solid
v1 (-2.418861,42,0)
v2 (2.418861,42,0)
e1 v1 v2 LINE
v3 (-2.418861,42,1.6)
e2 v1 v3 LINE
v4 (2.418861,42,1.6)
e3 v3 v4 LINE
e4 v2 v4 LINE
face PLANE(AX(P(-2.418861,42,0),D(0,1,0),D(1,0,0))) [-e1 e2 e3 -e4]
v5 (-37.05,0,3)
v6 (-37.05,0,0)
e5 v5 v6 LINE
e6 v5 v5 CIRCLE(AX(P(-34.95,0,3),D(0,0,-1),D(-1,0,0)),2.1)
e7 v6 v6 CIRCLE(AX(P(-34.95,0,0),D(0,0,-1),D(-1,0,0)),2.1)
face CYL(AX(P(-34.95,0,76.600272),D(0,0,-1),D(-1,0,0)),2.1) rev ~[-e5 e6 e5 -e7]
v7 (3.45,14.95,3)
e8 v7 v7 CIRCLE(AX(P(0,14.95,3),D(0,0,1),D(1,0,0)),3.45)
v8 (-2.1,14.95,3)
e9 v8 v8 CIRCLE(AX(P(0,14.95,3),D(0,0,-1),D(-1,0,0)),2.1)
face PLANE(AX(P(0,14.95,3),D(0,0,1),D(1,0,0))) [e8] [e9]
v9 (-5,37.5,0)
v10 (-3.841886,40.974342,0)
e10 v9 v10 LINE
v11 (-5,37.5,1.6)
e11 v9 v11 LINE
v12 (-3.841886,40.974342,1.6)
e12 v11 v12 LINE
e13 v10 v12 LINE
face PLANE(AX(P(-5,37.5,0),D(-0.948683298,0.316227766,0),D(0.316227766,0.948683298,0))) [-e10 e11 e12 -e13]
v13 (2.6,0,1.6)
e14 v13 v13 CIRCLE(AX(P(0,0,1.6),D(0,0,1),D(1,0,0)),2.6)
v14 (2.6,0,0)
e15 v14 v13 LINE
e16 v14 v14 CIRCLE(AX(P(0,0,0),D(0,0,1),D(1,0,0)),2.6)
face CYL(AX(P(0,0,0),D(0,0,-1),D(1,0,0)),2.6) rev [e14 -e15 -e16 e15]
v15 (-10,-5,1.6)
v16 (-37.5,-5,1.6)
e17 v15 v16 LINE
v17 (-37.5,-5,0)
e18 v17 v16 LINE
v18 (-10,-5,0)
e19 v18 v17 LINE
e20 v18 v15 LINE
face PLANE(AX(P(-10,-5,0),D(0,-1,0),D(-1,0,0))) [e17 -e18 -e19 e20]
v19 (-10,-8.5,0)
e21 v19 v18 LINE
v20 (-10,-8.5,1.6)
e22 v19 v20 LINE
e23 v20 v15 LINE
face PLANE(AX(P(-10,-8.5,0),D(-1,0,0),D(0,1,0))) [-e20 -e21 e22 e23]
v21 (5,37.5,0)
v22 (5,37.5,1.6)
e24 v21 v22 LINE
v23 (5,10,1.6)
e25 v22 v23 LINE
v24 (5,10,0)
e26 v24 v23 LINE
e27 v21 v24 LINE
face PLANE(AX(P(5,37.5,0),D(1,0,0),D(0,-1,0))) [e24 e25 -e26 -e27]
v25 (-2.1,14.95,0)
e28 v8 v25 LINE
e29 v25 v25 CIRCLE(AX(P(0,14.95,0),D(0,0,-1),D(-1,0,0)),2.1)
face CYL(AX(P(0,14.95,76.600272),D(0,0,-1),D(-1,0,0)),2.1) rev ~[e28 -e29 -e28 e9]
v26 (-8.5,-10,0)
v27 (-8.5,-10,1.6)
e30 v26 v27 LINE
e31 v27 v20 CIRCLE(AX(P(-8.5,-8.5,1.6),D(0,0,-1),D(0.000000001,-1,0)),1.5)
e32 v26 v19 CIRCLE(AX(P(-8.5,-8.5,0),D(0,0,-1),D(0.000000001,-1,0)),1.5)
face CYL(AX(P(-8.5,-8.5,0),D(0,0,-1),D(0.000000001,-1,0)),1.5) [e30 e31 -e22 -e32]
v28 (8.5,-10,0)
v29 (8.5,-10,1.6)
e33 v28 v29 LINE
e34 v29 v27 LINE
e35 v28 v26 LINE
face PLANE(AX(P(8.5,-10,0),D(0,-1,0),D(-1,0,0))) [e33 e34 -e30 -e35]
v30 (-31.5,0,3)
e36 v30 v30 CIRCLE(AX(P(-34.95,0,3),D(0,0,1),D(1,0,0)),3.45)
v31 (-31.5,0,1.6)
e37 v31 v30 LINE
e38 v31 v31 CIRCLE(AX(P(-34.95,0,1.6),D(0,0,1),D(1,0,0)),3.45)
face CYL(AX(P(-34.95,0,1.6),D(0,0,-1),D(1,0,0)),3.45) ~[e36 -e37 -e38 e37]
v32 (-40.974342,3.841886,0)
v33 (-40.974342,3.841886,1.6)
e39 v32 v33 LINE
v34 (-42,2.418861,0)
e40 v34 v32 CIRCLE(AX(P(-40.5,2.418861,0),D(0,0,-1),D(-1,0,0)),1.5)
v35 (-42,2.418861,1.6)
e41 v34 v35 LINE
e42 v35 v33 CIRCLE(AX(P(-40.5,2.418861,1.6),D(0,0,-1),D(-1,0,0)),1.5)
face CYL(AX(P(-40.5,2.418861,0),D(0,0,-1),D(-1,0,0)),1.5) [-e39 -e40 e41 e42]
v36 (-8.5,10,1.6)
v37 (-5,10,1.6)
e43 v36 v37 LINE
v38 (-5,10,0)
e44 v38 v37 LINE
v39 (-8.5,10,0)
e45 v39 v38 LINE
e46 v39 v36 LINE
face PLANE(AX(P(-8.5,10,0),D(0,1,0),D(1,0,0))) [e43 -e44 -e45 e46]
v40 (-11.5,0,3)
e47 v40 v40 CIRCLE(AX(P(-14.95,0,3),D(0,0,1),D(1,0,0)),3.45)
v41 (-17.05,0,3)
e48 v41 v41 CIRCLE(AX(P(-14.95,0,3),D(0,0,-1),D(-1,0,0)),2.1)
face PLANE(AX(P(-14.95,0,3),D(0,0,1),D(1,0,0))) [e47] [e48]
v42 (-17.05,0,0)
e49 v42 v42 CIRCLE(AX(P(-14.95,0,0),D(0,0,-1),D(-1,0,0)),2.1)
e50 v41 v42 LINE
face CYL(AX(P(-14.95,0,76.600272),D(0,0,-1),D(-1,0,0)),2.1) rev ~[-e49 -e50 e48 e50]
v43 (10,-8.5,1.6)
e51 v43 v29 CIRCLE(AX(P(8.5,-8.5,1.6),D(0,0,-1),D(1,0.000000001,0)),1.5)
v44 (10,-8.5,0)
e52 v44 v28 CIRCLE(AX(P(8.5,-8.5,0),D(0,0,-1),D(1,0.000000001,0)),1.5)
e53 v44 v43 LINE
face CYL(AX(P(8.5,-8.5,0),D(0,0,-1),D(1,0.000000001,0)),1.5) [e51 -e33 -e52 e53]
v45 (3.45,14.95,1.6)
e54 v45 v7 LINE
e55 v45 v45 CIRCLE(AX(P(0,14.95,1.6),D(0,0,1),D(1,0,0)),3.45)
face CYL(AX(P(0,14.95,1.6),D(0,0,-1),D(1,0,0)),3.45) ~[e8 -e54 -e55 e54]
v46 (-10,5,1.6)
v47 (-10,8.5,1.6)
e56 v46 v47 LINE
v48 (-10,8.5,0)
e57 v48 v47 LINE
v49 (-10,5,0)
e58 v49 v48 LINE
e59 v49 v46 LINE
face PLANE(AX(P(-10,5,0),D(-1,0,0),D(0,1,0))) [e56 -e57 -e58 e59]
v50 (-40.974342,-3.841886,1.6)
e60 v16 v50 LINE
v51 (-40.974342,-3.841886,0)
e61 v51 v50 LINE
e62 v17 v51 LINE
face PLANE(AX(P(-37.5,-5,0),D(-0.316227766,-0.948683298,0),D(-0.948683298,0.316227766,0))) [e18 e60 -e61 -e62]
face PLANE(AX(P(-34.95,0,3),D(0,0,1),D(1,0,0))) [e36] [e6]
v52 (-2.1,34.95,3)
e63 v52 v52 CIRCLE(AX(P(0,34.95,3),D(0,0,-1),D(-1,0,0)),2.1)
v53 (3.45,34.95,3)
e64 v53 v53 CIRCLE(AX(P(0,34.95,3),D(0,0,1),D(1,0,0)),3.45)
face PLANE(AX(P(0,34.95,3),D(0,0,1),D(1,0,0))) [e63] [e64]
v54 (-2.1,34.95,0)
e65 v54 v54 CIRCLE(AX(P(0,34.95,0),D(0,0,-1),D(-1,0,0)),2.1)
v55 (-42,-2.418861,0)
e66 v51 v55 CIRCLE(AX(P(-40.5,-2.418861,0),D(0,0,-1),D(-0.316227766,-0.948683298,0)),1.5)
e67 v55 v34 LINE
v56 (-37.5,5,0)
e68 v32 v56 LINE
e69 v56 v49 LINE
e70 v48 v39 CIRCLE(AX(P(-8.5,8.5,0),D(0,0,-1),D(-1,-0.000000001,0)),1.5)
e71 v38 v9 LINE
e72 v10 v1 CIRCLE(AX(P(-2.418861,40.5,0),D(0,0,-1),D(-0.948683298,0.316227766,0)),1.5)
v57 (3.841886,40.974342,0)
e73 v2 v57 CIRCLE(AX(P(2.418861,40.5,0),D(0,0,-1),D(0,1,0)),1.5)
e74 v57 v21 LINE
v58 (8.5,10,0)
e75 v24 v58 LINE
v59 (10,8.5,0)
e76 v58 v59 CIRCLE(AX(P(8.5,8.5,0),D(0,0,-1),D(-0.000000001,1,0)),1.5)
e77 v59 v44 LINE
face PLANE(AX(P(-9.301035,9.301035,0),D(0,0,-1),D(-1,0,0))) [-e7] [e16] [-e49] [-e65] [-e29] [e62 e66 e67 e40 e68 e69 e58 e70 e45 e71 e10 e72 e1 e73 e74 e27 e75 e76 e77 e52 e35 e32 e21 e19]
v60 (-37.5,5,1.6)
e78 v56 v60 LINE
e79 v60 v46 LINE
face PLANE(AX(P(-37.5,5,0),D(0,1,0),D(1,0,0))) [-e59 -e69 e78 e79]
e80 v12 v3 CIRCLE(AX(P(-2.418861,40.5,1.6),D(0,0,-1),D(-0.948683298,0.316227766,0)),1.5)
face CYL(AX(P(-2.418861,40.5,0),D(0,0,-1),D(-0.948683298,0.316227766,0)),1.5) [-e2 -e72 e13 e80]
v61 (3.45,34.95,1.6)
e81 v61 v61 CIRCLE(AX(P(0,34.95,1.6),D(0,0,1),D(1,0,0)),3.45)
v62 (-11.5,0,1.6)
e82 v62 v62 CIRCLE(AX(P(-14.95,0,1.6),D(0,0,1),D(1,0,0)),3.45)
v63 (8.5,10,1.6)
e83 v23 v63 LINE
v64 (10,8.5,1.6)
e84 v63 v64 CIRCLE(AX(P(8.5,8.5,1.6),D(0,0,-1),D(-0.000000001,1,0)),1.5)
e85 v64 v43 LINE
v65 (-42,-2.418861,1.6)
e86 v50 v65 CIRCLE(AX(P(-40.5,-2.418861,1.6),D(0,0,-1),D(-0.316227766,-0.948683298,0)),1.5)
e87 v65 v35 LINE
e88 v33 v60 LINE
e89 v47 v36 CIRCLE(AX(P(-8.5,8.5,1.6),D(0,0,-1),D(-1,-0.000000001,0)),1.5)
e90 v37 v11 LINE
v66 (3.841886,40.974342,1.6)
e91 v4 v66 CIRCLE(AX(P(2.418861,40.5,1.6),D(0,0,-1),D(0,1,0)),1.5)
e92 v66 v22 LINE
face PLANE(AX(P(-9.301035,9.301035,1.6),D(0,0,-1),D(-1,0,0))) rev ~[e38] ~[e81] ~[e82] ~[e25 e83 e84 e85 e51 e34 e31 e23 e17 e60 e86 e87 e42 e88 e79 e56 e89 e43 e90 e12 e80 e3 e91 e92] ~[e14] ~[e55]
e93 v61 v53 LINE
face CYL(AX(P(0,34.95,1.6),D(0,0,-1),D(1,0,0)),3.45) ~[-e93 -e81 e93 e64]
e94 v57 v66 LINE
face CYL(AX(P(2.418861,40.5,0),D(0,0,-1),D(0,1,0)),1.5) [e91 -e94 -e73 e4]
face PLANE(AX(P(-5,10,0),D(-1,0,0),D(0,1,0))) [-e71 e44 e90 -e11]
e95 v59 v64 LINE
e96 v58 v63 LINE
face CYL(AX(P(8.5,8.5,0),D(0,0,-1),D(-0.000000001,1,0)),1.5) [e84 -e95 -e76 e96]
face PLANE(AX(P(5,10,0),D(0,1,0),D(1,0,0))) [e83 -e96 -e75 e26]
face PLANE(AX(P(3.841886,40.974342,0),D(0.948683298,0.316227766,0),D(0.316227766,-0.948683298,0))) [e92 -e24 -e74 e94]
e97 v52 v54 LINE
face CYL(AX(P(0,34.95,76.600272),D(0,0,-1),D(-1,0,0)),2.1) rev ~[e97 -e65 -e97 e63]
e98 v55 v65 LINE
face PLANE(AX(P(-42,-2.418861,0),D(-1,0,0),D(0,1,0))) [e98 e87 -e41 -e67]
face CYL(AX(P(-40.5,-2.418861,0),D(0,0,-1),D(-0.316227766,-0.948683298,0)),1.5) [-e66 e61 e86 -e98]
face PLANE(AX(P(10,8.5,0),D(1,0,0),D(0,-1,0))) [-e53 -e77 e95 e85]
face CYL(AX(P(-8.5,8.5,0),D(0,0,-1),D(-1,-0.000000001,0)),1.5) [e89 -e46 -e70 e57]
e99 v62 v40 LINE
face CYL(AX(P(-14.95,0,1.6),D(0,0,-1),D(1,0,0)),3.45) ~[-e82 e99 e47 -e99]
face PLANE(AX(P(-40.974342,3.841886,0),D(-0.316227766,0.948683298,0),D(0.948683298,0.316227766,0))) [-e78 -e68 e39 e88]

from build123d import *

# Parameters (mm, degrees)
SKETCH1_R             = 2.6
BOSS_EXTRUDE1_DEPTH   = 1.6
SKETCH2_R             = 3.45
BOSS_EXTRUDE2_DEPTH   = 1.4
M5X0_8_TAPPED_HOLE1_D = 4.2


with BuildPart() as part:
    # Sketch1 → Boss-Extrude1 (new body)
    with BuildSketch(Plane.XY):
        with BuildLine():
            Line((-10, -8.5), (-10, -5))
            Line((-10, -5), (-37.5, -5))
            Line((-37.5, -5), (-40.974341649, -3.841886117))
            ThreePointArc((-40.974341649, -3.841886117), (-41.716863278, -3.295926597), (-42, -2.41886117))
            Line((-42, -2.41886117), (-42, 2.41886117))
            ThreePointArc((-42, 2.41886117), (-41.716863278, 3.295926597), (-40.974341649, 3.841886117))
            Line((-40.974341649, 3.841886117), (-37.5, 5))
            Line((-37.5, 5), (-10, 5))
            Line((-10, 5), (-10, 8.5))
            ThreePointArc((-10, 8.5), (-9.560660172, 9.560660172), (-8.5, 10))
            Line((-8.5, 10), (-5, 10))
            Line((-5, 10), (-5, 37.5))
            Line((-5, 37.5), (-3.841886117, 40.974341649))
            ThreePointArc((-3.841886117, 40.974341649), (-3.295926597, 41.716863278), (-2.41886117, 42))
            Line((-2.41886117, 42), (2.41886117, 42))
            ThreePointArc((2.41886117, 42), (3.295926597, 41.716863278), (3.841886117, 40.974341649))
            Line((3.841886117, 40.974341649), (5, 37.5))
            Line((5, 37.5), (5, 10))
            Line((5, 10), (8.5, 10))
            ThreePointArc((8.5, 10), (9.560660172, 9.560660172), (10, 8.5))
            Line((10, 8.5), (10, -8.5))
            ThreePointArc((10, -8.5), (9.560660172, -9.560660172), (8.5, -10))
            Line((8.5, -10), (5, -10))
            Line((5, -10), (-5, -10))
            Line((-5, -10), (-8.5, -10))
            ThreePointArc((-8.5, -10), (-9.560660172, -9.560660172), (-10, -8.5))
        make_face()
        Circle(SKETCH1_R, mode=Mode.SUBTRACT)
    extrude(amount=BOSS_EXTRUDE1_DEPTH)

    # Sketch2 → Boss-Extrude2 (add)
    with BuildSketch(Plane.XY.offset(1.6)):
        with Locations((0, 14.95)):
            Circle(SKETCH2_R)
        with Locations((0, 34.95)):
            Circle(SKETCH2_R)
        with Locations((-14.95, 0)):
            Circle(SKETCH2_R)
        with Locations((-34.95, 0)):
            Circle(SKETCH2_R)
    extrude(amount=BOSS_EXTRUDE2_DEPTH)

    # M5x0.8 Tapped Hole1 (through all)
    with Locations(Plane.XY.offset(3)):
        with Locations((0, 34.95), (0, 14.95), (-14.95, 0), (-34.95, 0)):
            Hole(M5X0_8_TAPPED_HOLE1_D / 2)


solid = part.part
